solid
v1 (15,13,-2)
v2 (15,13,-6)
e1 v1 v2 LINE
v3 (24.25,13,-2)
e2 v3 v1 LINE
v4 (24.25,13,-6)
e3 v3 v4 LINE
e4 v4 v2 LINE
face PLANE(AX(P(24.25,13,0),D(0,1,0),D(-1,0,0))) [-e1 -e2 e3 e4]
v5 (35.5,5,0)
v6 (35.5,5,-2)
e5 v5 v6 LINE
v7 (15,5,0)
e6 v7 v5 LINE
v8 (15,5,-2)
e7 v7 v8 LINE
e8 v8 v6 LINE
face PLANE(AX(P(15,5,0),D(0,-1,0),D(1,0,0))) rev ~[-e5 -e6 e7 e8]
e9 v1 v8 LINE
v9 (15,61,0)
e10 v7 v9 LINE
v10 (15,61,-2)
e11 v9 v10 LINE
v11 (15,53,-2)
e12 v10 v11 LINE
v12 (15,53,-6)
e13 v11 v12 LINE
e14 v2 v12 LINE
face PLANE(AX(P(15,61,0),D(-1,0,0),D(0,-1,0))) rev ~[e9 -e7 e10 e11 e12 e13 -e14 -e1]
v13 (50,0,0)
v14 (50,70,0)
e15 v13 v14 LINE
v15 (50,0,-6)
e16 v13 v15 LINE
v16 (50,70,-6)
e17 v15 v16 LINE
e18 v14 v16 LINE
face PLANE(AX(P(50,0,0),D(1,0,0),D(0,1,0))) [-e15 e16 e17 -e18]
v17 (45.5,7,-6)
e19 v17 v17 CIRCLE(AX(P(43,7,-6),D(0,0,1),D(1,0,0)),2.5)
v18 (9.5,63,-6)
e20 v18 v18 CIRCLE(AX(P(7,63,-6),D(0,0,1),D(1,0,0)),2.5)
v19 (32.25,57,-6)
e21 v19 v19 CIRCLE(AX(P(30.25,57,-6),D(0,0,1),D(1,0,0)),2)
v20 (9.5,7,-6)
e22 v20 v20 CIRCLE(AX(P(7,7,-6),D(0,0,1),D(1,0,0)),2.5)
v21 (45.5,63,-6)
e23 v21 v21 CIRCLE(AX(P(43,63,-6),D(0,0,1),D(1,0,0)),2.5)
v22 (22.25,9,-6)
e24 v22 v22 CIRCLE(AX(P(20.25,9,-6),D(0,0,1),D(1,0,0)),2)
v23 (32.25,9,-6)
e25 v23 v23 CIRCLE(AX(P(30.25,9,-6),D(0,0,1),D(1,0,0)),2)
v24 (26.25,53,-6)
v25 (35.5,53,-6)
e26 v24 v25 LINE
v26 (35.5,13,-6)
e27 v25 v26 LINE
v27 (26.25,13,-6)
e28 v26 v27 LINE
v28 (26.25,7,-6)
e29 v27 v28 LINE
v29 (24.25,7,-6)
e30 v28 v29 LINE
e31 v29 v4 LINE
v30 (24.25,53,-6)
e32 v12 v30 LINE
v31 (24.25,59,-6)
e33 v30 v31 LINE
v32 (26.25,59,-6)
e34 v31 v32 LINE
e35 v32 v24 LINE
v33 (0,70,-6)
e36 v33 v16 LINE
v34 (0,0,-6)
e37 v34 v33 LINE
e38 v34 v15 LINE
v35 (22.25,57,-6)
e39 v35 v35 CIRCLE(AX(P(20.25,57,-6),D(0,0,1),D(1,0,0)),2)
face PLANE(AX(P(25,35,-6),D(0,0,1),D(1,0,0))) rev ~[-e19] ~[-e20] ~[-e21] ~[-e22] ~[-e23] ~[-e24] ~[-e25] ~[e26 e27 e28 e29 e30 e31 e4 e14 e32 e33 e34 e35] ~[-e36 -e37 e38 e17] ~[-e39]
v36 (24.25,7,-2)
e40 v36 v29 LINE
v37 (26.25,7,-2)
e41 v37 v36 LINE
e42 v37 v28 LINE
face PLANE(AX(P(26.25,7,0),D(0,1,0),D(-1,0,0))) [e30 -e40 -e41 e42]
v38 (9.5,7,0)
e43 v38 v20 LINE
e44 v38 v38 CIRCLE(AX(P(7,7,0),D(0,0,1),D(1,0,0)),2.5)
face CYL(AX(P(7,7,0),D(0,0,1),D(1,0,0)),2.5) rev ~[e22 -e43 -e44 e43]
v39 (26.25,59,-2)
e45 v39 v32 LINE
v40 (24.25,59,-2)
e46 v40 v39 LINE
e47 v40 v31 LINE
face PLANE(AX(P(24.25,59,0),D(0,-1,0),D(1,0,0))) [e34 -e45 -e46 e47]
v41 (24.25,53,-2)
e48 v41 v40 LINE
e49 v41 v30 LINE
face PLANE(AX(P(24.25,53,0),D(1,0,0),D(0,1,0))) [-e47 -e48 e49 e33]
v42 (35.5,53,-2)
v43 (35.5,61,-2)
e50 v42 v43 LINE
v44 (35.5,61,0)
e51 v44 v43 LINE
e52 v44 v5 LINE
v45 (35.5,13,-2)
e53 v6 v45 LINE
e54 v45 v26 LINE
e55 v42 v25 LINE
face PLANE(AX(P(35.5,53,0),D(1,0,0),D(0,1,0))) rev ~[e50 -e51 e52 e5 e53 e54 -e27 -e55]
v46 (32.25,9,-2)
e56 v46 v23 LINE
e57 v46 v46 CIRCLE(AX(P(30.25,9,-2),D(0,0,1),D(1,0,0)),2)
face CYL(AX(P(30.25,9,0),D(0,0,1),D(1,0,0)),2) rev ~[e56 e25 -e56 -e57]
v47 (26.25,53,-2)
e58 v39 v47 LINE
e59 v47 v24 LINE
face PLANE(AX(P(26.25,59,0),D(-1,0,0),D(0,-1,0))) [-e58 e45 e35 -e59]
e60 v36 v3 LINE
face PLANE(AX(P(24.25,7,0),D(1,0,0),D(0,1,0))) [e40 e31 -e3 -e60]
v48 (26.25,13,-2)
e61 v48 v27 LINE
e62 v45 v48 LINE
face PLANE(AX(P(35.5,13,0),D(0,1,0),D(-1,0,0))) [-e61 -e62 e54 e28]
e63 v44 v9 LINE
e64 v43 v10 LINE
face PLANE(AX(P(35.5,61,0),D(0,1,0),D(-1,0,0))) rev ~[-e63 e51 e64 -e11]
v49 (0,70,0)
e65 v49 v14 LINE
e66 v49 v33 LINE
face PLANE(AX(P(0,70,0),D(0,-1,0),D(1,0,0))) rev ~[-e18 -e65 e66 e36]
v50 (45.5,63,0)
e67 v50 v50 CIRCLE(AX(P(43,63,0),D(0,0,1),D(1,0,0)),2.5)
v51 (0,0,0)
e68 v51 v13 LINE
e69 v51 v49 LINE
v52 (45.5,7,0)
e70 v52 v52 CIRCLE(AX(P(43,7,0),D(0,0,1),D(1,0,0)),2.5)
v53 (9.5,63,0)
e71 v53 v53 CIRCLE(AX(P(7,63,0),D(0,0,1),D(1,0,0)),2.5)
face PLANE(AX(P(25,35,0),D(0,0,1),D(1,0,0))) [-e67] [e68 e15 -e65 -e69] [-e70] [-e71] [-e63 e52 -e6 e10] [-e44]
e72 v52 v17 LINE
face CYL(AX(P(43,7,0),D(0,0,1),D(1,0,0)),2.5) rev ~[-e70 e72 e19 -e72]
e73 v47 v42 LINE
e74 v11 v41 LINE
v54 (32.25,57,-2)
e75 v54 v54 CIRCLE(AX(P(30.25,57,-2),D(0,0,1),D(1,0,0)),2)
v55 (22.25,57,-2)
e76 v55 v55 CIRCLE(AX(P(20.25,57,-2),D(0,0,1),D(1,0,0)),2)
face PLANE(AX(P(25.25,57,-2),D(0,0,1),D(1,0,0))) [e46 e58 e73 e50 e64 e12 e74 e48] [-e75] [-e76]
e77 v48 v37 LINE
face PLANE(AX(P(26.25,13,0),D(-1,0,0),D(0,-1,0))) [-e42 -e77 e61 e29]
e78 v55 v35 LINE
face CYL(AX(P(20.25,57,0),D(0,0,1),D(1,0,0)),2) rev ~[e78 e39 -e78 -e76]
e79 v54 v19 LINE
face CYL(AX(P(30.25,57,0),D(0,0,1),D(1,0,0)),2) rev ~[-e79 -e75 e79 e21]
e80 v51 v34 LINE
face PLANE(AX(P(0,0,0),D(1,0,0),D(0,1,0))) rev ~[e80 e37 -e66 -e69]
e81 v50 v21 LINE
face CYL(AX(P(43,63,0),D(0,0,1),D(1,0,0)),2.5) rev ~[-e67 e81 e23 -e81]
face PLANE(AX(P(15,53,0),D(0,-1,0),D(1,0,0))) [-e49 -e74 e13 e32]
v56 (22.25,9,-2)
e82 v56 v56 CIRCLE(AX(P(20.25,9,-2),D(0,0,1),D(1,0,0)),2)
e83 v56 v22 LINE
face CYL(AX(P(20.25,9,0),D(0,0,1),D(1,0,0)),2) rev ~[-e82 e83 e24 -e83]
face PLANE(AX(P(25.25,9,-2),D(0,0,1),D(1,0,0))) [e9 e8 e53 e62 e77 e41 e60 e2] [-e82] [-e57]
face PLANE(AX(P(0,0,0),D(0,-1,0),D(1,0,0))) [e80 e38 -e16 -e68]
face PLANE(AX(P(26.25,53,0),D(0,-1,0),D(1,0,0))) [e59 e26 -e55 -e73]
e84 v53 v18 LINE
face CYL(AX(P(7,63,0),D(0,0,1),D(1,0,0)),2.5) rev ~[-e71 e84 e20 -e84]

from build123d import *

# Parameters (mm, degrees)
F0_W     = 50
F0_H     = 70
F0_R     = 2.5
F0_R_2   = 2
F1_DEPTH = 6
F2_DEPTH = 2


with BuildPart() as f1:
    # F0 (on Top) → F1 (new body)
    with BuildSketch(Plane.XY):
        with Locations((25, 35)):
            Rectangle(F0_W, F0_H)
        with Locations((7, 7)):
            Circle(F0_R, mode=Mode.SUBTRACT)
        with Locations((43, 7)):
            Circle(F0_R, mode=Mode.SUBTRACT)
        Polygon((35.5, 5), (15, 5), (15, 13), (15, 53), (15, 61), (35.5, 61), (35.5, 53), (35.5, 13), align=None, mode=Mode.SUBTRACT)
        with Locations((7, 63)):
            Circle(F0_R, mode=Mode.SUBTRACT)
        with Locations((43, 63)):
            Circle(F0_R, mode=Mode.SUBTRACT)
        Polygon((15, 61), (15, 53), (24.25, 53), (24.25, 59), (26.25, 59), (26.25, 53), (35.5, 53), (35.5, 61), align=None)
        with Locations((20.25, 57)):
            Circle(F0_R_2, mode=Mode.SUBTRACT)
        with Locations((30.25, 57)):
            Circle(F0_R_2, mode=Mode.SUBTRACT)
        Polygon((15, 13), (15, 5), (35.5, 5), (35.5, 13), (26.25, 13), (26.25, 7), (24.25, 7), (24.25, 13), align=None)
        with Locations((20.25, 9)):
            Circle(F0_R_2, mode=Mode.SUBTRACT)
        with Locations((30.25, 9)):
            Circle(F0_R_2, mode=Mode.SUBTRACT)
    extrude(amount=-F1_DEPTH)

    # F0 (on Top) → F2 (cut)
    with BuildSketch(Plane.XY):
        Polygon((15, 61), (15, 53), (24.25, 53), (24.25, 59), (26.25, 59), (26.25, 53), (35.5, 53), (35.5, 61), align=None)
        with Locations((20.25, 57)):
            Circle(F0_R_2, mode=Mode.SUBTRACT)
        with Locations((30.25, 57)):
            Circle(F0_R_2, mode=Mode.SUBTRACT)
        Polygon((15, 13), (15, 5), (35.5, 5), (35.5, 13), (26.25, 13), (26.25, 7), (24.25, 7), (24.25, 13), align=None)
        with Locations((20.25, 9)):
            Circle(F0_R_2, mode=Mode.SUBTRACT)
        with Locations((30.25, 9)):
            Circle(F0_R_2, mode=Mode.SUBTRACT)
    extrude(amount=-F2_DEPTH, mode=Mode.SUBTRACT)


solid = f1.part
